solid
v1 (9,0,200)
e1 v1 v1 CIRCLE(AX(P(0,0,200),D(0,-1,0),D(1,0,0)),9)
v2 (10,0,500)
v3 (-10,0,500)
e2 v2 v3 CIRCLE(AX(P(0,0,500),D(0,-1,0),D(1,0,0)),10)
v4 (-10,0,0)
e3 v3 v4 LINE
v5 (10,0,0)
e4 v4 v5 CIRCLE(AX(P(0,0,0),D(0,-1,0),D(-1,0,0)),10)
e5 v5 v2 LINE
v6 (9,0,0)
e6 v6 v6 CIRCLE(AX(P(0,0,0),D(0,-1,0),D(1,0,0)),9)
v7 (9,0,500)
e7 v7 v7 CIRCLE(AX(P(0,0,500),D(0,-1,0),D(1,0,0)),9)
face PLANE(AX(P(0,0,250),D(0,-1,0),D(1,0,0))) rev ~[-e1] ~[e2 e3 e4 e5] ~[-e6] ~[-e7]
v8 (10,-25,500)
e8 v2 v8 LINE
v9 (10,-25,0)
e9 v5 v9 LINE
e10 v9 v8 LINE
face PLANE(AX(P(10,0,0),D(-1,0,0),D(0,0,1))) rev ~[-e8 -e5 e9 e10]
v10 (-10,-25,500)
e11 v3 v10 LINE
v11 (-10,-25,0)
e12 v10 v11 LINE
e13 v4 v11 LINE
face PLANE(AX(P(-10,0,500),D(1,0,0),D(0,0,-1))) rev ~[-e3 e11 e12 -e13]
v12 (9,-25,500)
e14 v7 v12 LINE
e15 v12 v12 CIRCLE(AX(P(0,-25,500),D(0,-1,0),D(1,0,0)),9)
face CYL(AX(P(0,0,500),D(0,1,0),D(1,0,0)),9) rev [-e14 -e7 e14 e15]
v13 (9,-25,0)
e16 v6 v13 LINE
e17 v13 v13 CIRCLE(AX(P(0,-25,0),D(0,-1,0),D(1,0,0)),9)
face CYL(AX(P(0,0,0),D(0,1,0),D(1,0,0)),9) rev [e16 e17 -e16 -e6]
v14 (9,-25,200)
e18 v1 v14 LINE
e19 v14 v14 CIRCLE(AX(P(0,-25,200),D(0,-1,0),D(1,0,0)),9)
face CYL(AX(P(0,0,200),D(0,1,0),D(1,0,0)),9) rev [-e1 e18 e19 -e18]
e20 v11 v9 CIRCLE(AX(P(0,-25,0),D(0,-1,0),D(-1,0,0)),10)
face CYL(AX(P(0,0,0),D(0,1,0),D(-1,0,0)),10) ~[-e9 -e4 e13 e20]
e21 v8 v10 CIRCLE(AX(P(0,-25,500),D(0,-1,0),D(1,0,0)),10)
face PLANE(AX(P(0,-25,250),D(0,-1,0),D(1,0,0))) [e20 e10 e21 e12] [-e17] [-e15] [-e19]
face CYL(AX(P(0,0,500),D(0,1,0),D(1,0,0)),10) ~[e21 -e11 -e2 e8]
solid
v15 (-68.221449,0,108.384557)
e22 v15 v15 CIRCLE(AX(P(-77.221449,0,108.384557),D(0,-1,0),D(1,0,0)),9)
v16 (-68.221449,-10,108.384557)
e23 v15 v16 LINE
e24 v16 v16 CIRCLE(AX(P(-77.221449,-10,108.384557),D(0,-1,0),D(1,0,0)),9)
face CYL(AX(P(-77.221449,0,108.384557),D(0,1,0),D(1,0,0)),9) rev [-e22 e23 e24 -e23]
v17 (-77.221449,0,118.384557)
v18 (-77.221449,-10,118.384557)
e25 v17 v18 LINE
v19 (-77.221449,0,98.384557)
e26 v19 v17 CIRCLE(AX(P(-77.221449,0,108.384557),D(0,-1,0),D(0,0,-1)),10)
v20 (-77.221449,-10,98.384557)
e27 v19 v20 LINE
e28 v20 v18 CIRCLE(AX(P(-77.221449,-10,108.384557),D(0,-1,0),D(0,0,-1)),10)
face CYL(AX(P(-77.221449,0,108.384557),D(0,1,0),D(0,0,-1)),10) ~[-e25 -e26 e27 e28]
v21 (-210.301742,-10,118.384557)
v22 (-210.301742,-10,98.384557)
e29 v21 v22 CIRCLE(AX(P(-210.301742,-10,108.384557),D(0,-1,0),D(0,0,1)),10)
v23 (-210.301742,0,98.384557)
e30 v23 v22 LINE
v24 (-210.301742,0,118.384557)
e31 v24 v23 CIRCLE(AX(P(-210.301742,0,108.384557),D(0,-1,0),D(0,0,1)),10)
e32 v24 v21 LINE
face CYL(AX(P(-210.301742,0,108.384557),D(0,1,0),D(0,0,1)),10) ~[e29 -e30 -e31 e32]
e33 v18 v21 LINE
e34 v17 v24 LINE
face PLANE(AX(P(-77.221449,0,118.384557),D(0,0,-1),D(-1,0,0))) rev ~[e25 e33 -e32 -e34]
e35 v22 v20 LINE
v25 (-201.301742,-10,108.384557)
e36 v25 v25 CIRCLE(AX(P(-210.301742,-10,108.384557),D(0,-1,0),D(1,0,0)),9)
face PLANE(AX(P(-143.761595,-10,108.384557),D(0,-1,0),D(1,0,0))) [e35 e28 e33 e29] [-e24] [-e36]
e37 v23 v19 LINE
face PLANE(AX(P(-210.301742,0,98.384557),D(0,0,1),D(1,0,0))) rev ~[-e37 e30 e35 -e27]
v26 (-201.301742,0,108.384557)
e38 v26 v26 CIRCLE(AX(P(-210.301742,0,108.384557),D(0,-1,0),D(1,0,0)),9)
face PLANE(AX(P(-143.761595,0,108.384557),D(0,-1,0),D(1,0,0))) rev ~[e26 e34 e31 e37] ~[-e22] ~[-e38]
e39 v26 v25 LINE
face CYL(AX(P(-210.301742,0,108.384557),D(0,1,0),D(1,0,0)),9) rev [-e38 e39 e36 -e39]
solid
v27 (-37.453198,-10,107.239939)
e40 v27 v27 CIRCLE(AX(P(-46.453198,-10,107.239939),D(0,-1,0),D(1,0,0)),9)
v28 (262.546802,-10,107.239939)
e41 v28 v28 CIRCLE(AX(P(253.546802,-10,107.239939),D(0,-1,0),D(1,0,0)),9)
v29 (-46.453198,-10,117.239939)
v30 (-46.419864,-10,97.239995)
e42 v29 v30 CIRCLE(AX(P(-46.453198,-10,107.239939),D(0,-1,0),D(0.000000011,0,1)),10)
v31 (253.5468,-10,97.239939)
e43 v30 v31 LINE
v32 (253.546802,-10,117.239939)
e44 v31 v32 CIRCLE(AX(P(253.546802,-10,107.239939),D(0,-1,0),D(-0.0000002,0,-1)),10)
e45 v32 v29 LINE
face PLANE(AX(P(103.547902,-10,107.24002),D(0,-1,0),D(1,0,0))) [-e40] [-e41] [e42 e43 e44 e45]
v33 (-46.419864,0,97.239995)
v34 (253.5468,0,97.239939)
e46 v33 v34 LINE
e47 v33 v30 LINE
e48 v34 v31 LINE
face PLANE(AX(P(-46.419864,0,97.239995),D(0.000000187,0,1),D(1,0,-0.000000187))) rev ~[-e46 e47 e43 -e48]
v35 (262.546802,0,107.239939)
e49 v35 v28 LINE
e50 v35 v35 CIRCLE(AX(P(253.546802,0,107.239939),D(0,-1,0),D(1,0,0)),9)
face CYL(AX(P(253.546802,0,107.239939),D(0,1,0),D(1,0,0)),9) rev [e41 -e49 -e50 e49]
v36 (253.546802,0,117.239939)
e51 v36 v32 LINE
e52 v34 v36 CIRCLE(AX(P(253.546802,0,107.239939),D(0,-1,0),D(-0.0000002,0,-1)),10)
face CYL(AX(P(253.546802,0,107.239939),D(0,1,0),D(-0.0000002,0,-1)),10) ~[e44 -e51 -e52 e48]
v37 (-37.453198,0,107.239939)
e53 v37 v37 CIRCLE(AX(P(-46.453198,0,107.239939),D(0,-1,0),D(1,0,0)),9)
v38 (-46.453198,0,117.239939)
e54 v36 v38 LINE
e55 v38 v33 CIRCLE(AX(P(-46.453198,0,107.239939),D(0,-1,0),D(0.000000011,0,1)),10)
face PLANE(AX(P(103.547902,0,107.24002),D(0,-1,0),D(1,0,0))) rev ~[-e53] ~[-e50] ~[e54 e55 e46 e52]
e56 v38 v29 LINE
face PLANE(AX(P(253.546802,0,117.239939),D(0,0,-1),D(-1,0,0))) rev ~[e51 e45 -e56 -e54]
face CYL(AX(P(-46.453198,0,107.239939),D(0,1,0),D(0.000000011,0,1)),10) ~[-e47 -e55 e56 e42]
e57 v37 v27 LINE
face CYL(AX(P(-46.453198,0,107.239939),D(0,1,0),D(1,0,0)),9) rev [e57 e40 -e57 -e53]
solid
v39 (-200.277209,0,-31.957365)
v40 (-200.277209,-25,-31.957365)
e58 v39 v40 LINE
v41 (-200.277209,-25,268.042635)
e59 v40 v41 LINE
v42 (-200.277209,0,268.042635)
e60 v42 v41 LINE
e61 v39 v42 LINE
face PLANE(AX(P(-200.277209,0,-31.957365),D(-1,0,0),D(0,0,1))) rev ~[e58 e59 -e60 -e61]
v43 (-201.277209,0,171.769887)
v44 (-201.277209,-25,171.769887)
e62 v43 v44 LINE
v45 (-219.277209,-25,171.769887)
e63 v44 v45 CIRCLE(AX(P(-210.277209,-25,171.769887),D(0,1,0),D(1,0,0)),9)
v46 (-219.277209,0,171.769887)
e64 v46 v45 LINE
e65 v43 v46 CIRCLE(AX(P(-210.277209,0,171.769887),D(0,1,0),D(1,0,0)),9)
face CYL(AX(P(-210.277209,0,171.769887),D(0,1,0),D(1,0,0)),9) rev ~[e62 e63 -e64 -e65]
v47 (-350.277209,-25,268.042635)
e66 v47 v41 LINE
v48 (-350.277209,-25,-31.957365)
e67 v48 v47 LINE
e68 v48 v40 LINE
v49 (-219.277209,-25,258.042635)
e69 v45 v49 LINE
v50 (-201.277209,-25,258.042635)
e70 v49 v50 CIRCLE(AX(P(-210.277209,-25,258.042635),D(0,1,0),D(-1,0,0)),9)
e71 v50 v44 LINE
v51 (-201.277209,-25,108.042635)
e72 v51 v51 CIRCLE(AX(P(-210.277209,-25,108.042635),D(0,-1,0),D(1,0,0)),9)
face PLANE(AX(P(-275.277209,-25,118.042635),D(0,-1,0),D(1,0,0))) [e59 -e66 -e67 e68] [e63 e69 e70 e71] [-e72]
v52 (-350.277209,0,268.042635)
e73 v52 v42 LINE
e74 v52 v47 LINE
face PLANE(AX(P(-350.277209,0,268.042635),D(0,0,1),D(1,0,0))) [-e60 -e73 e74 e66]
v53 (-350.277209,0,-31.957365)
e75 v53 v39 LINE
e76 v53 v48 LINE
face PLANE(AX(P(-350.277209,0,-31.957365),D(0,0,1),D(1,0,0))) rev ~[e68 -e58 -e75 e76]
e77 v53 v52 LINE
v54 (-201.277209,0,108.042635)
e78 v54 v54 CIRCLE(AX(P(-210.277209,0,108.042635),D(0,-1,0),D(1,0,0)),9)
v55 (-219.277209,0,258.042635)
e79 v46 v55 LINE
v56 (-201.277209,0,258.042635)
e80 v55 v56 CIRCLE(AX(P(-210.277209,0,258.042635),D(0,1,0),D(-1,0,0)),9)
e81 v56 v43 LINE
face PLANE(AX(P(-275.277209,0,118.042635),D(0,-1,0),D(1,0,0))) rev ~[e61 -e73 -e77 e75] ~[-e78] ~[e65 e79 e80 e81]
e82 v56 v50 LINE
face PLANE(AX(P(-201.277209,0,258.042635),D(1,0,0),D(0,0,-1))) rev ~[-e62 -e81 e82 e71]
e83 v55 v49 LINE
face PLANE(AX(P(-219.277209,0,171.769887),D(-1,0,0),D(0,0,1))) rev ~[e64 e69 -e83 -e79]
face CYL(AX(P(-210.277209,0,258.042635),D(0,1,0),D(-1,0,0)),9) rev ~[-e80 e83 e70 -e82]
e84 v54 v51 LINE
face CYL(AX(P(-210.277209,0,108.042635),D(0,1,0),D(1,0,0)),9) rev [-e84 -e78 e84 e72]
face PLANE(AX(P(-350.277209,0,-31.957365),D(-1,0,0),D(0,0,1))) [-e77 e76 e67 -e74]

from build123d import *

# Parameters (mm, degrees)
F0_R     = 9
F1_DEPTH = 25
F2_W     = 150
F2_H     = 300
F2_R     = 9
F3_DEPTH = 25
F4_R     = 9
F5_DEPTH = 10
F6_R     = 9
F7_DEPTH = 10


with BuildPart() as f1:
    # F0 (on Front) → F1 (new body)
    with BuildSketch(Plane.XZ):
        with BuildLine():
            Line((10, 0), (10, 500))
            ThreePointArc((10, 500), (0, 510), (-10, 500))
            Line((-10, 500), (-10, 0))
            ThreePointArc((-10, 0), (0, -10), (10, 0))
        make_face()
        Circle(F0_R, mode=Mode.SUBTRACT)
        with Locations((0, 200)):
            Circle(F0_R, mode=Mode.SUBTRACT)
        with Locations((0, 500)):
            Circle(F0_R, mode=Mode.SUBTRACT)
    extrude(amount=F1_DEPTH)


with BuildPart() as f3:
    # F2 (on Front) → F3 (new body)
    with BuildSketch(Plane.XZ):
        with Locations((-275.277209, 118.042635)):
            Rectangle(F2_W, F2_H)
        with Locations((-210.277209, 108.042635)):
            Circle(F2_R, mode=Mode.SUBTRACT)
        with BuildLine():
            ThreePointArc((-219.277209, 258.042635), (-210.277209, 267.042635), (-201.277209, 258.042635))
            Line((-201.277209, 258.042635), (-201.277209, 171.769887))
            ThreePointArc((-201.277209, 171.769887), (-210.277209, 162.769887), (-219.277209, 171.769887))
            Line((-219.277209, 171.769887), (-219.277209, 258.042635))
        make_face(mode=Mode.SUBTRACT)
    extrude(amount=F3_DEPTH)


with BuildPart() as f5:
    # F4 (on Front) → F5 (new body)
    with BuildSketch(Plane.XZ):
        with BuildLine():
            Line((-77.221449, 118.384557), (-210.301742, 118.384557))
            ThreePointArc((-210.301742, 118.384557), (-220.301742, 108.384557), (-210.301742, 98.384557))
            Line((-210.301742, 98.384557), (-77.221449, 98.384557))
            ThreePointArc((-77.221449, 98.384557), (-67.221449, 108.384557), (-77.221449, 118.384557))
        make_face()
        with Locations((-210.301742, 108.384557)):
            Circle(F4_R, mode=Mode.SUBTRACT)
        with Locations((-77.221449, 108.384557)):
            Circle(F4_R, mode=Mode.SUBTRACT)
    extrude(amount=F5_DEPTH)


with BuildPart() as f7:
    # F6 (on Front) → F7 (new body)
    with BuildSketch(Plane.XZ):
        with BuildLine():
            Line((253.546802, 117.239939), (-46.453198, 117.239939))
            ThreePointArc((-46.453198, 117.239939), (-56.453184, 107.223272), (-46.419864, 97.239995))
            Line((-46.419864, 97.239995), (253.5468, 97.239939))
            ThreePointArc((253.5468, 97.239939), (263.546802, 107.239938), (253.546802, 117.239939))
        make_face()
        with Locations((-46.453198, 107.239939)):
            Circle(F6_R, mode=Mode.SUBTRACT)
        with Locations((253.546802, 107.239939)):
            Circle(F6_R, mode=Mode.SUBTRACT)
    extrude(amount=F7_DEPTH)


solid = Compound([f1.part, f3.part, f5.part, f7.part])
